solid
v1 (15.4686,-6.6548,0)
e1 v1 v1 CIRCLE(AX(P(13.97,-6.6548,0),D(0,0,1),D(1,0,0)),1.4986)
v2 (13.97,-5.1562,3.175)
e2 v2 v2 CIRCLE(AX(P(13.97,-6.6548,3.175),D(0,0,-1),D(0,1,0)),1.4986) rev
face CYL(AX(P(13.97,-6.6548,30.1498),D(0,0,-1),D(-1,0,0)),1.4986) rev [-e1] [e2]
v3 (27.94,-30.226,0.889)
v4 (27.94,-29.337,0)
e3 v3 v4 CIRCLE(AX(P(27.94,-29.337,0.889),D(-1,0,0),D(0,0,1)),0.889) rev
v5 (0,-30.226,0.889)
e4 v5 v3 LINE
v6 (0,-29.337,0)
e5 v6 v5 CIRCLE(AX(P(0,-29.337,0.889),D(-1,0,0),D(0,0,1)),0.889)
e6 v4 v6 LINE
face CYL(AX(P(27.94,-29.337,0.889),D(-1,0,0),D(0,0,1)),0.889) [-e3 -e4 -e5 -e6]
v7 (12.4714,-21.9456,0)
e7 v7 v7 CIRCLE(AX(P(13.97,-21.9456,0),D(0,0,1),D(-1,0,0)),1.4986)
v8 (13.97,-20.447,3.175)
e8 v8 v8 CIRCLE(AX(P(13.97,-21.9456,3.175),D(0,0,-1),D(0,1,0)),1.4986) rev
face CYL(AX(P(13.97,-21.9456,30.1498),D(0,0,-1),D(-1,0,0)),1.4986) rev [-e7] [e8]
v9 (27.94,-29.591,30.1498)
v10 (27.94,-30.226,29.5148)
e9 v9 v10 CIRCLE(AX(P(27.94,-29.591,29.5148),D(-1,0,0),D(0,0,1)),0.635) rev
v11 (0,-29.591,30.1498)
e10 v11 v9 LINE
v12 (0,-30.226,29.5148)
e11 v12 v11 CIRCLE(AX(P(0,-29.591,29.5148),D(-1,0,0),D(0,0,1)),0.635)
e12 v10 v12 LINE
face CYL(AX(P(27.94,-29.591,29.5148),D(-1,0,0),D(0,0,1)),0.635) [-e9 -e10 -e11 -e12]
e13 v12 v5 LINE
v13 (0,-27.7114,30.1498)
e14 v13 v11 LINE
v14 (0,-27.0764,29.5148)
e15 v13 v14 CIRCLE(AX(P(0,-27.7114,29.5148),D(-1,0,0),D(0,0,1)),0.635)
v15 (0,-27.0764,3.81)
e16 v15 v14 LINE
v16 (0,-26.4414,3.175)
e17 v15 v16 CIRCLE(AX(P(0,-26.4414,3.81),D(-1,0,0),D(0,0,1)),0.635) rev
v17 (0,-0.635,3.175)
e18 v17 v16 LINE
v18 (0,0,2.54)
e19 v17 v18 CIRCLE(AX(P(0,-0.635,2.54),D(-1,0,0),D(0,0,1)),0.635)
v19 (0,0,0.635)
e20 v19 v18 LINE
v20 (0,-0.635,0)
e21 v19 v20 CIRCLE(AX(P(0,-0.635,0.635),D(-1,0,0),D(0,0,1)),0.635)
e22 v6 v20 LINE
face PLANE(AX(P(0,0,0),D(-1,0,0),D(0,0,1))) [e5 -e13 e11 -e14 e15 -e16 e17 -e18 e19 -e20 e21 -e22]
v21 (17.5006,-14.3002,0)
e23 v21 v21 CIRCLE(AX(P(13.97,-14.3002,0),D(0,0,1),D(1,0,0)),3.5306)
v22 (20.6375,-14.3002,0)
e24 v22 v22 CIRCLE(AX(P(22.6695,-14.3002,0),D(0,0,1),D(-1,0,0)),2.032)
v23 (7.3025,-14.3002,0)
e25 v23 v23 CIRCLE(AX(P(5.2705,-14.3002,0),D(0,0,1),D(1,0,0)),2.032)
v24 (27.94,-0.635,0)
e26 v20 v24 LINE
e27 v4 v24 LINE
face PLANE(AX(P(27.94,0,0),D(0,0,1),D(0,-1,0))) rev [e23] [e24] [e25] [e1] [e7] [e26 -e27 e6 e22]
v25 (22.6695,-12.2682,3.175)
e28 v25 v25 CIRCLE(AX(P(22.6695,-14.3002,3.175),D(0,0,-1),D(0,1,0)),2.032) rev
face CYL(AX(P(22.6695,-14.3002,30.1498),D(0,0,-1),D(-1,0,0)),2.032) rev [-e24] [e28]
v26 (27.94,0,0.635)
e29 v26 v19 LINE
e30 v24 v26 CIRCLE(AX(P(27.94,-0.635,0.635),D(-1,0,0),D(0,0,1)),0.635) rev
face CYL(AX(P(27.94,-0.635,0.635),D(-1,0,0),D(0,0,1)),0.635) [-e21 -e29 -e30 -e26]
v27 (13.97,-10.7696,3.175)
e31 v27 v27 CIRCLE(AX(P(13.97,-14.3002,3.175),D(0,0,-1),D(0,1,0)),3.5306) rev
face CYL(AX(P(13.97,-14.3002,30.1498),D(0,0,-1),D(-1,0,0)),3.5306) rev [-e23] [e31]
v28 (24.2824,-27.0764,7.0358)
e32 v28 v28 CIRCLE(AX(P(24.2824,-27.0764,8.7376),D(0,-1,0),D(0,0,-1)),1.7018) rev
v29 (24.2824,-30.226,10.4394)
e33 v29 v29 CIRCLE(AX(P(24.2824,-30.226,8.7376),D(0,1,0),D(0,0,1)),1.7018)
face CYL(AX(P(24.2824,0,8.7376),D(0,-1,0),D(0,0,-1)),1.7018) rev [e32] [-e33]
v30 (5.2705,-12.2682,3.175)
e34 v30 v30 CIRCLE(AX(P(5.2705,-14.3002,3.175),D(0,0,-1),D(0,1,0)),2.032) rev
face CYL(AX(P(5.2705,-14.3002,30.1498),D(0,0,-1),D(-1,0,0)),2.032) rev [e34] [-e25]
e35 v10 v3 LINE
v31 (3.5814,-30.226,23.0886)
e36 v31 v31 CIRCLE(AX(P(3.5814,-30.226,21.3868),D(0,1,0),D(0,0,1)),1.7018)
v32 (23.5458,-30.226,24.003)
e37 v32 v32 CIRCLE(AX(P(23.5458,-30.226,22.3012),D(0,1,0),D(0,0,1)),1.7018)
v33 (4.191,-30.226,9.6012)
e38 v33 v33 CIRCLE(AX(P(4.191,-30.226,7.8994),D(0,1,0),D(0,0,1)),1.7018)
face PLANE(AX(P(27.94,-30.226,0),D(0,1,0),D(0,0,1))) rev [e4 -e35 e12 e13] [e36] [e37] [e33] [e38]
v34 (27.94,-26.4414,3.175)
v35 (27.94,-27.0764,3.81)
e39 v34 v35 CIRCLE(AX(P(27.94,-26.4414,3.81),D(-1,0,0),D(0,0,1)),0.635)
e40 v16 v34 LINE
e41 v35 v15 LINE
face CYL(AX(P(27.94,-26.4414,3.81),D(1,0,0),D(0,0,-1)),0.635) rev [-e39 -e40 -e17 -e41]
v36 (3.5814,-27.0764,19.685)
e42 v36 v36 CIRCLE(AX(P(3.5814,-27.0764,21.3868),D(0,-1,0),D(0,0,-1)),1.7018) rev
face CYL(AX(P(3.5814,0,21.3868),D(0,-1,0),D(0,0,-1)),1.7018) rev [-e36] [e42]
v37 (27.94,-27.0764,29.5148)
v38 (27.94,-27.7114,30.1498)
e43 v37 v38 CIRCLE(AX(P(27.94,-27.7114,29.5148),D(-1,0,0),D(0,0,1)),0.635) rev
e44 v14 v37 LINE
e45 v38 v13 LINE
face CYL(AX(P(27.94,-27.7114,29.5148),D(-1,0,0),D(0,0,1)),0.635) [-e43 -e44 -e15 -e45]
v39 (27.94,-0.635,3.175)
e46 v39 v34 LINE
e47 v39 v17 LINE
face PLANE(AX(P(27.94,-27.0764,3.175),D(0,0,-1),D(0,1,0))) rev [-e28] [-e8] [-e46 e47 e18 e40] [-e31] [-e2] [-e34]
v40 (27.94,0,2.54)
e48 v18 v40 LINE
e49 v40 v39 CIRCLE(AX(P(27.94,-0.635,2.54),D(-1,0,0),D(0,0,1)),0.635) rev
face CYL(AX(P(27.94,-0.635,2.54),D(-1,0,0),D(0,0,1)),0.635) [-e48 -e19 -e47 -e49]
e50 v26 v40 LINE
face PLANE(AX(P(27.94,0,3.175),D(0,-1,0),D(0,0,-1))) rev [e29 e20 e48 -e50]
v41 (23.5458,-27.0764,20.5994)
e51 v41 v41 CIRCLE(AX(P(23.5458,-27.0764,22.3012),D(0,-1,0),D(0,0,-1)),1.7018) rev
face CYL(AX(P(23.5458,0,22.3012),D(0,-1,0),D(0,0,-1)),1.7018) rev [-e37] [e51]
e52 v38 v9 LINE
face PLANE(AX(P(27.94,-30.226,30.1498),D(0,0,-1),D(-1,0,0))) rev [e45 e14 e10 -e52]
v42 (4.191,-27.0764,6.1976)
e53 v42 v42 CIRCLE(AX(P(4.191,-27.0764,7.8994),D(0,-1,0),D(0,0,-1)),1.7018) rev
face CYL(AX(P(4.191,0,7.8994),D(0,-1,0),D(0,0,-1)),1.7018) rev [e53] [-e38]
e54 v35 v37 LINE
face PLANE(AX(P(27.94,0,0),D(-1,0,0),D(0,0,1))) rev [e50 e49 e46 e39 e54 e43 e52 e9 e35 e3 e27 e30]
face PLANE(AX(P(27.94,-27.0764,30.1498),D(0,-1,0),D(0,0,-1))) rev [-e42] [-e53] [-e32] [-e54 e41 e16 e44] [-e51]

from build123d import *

# Parameters (mm, degrees)
BOSS_EXTRUDE1_DEPTH     = 27.94
SKETCH2_R               = 3.5306
SKETCH2_R_2             = 1.4986
SKETCH2_R_3             = 2.032
MOTOR_MOUNT_HOLES_DEPTH = 52.022202187
SKETCH3_R               = 1.7018
PLATE_MOUNT_HOLES_DEPTH = 52.022202187
FILLET1_R               = 0.635
FILLET2_R               = 0.889
FILLET3_R               = 0.635


with BuildPart() as part:
    # Sketch1 → Boss-Extrude1 (new body)
    with BuildSketch(Plane(origin=(0, 0, 0), x_dir=(0, 0, -1), z_dir=(1, 0, 0))):
        Polygon((0, 0), (0, -30.226), (-30.1498, -30.226), (-30.1498, -27.0764), (-3.175, -27.0764), (-3.175, 0), align=None)
    extrude(amount=BOSS_EXTRUDE1_DEPTH)

    # Sketch2 → Motor_Mount_holes (cut, through all)
    with BuildSketch(Plane.XY):
        with Locations(Location((13.97, -14.3002, 0), (0, 0, 90))):
            Circle(SKETCH2_R)
        with Locations(Location((13.97, -6.6548, 0), (0, 0, 90))):
            Circle(SKETCH2_R_2)
        with Locations(Location((5.2705, -14.3002, 0), (0, 0, 90))):
            Circle(SKETCH2_R_3)
        with Locations(Location((22.6695, -14.3002, 0), (0, 0, 180))):
            Circle(SKETCH2_R_3)
        with Locations(Location((13.97, -21.9456, 0), (0, 0, 180))):
            Circle(SKETCH2_R_2)
    extrude(amount=MOTOR_MOUNT_HOLES_DEPTH, mode=Mode.SUBTRACT)

    # Sketch3 → Plate_Mount_Holes (cut, through all)
    with BuildSketch(Plane(origin=(0, -30.226, 0), x_dir=(1, 0, 0), z_dir=(0, 1, 0))):
        with Locations(Location((4.191, -7.8994, 0), (0, 0, 90))):
            Circle(SKETCH3_R)
        with Locations(Location((24.2824, -8.7376, 0), (0, 0, 90))):
            Circle(SKETCH3_R)
        with Locations(Location((3.5814, -21.3868, 0), (0, 0, 90))):
            Circle(SKETCH3_R)
        with Locations(Location((23.5458, -22.3012, 0), (0, 0, 90))):
            Circle(SKETCH3_R)
    extrude(amount=PLATE_MOUNT_HOLES_DEPTH, mode=Mode.SUBTRACT)

    # Fillet1
    fillet1_edges = [part.edges().sort_by_distance(p)[0] for p in [
        (13.97, -27.0764, 3.175),
    ]]
    fillet(fillet1_edges, radius=FILLET1_R)

    # Fillet2
    fillet2_edges = [part.edges().sort_by_distance(p)[0] for p in [
        (13.97, -30.226, 0),
    ]]
    fillet(fillet2_edges, radius=FILLET2_R)

    # Fillet3
    fillet3_edges = [part.edges().sort_by_distance(p)[0] for p in [
        (13.97, 0, 0),
        (13.97, -30.226, 30.1498),
        (13.97, -27.0764, 30.1498),
        (13.97, 0, 3.175),
    ]]
    fillet(fillet3_edges, radius=FILLET3_R)


solid = part.part
